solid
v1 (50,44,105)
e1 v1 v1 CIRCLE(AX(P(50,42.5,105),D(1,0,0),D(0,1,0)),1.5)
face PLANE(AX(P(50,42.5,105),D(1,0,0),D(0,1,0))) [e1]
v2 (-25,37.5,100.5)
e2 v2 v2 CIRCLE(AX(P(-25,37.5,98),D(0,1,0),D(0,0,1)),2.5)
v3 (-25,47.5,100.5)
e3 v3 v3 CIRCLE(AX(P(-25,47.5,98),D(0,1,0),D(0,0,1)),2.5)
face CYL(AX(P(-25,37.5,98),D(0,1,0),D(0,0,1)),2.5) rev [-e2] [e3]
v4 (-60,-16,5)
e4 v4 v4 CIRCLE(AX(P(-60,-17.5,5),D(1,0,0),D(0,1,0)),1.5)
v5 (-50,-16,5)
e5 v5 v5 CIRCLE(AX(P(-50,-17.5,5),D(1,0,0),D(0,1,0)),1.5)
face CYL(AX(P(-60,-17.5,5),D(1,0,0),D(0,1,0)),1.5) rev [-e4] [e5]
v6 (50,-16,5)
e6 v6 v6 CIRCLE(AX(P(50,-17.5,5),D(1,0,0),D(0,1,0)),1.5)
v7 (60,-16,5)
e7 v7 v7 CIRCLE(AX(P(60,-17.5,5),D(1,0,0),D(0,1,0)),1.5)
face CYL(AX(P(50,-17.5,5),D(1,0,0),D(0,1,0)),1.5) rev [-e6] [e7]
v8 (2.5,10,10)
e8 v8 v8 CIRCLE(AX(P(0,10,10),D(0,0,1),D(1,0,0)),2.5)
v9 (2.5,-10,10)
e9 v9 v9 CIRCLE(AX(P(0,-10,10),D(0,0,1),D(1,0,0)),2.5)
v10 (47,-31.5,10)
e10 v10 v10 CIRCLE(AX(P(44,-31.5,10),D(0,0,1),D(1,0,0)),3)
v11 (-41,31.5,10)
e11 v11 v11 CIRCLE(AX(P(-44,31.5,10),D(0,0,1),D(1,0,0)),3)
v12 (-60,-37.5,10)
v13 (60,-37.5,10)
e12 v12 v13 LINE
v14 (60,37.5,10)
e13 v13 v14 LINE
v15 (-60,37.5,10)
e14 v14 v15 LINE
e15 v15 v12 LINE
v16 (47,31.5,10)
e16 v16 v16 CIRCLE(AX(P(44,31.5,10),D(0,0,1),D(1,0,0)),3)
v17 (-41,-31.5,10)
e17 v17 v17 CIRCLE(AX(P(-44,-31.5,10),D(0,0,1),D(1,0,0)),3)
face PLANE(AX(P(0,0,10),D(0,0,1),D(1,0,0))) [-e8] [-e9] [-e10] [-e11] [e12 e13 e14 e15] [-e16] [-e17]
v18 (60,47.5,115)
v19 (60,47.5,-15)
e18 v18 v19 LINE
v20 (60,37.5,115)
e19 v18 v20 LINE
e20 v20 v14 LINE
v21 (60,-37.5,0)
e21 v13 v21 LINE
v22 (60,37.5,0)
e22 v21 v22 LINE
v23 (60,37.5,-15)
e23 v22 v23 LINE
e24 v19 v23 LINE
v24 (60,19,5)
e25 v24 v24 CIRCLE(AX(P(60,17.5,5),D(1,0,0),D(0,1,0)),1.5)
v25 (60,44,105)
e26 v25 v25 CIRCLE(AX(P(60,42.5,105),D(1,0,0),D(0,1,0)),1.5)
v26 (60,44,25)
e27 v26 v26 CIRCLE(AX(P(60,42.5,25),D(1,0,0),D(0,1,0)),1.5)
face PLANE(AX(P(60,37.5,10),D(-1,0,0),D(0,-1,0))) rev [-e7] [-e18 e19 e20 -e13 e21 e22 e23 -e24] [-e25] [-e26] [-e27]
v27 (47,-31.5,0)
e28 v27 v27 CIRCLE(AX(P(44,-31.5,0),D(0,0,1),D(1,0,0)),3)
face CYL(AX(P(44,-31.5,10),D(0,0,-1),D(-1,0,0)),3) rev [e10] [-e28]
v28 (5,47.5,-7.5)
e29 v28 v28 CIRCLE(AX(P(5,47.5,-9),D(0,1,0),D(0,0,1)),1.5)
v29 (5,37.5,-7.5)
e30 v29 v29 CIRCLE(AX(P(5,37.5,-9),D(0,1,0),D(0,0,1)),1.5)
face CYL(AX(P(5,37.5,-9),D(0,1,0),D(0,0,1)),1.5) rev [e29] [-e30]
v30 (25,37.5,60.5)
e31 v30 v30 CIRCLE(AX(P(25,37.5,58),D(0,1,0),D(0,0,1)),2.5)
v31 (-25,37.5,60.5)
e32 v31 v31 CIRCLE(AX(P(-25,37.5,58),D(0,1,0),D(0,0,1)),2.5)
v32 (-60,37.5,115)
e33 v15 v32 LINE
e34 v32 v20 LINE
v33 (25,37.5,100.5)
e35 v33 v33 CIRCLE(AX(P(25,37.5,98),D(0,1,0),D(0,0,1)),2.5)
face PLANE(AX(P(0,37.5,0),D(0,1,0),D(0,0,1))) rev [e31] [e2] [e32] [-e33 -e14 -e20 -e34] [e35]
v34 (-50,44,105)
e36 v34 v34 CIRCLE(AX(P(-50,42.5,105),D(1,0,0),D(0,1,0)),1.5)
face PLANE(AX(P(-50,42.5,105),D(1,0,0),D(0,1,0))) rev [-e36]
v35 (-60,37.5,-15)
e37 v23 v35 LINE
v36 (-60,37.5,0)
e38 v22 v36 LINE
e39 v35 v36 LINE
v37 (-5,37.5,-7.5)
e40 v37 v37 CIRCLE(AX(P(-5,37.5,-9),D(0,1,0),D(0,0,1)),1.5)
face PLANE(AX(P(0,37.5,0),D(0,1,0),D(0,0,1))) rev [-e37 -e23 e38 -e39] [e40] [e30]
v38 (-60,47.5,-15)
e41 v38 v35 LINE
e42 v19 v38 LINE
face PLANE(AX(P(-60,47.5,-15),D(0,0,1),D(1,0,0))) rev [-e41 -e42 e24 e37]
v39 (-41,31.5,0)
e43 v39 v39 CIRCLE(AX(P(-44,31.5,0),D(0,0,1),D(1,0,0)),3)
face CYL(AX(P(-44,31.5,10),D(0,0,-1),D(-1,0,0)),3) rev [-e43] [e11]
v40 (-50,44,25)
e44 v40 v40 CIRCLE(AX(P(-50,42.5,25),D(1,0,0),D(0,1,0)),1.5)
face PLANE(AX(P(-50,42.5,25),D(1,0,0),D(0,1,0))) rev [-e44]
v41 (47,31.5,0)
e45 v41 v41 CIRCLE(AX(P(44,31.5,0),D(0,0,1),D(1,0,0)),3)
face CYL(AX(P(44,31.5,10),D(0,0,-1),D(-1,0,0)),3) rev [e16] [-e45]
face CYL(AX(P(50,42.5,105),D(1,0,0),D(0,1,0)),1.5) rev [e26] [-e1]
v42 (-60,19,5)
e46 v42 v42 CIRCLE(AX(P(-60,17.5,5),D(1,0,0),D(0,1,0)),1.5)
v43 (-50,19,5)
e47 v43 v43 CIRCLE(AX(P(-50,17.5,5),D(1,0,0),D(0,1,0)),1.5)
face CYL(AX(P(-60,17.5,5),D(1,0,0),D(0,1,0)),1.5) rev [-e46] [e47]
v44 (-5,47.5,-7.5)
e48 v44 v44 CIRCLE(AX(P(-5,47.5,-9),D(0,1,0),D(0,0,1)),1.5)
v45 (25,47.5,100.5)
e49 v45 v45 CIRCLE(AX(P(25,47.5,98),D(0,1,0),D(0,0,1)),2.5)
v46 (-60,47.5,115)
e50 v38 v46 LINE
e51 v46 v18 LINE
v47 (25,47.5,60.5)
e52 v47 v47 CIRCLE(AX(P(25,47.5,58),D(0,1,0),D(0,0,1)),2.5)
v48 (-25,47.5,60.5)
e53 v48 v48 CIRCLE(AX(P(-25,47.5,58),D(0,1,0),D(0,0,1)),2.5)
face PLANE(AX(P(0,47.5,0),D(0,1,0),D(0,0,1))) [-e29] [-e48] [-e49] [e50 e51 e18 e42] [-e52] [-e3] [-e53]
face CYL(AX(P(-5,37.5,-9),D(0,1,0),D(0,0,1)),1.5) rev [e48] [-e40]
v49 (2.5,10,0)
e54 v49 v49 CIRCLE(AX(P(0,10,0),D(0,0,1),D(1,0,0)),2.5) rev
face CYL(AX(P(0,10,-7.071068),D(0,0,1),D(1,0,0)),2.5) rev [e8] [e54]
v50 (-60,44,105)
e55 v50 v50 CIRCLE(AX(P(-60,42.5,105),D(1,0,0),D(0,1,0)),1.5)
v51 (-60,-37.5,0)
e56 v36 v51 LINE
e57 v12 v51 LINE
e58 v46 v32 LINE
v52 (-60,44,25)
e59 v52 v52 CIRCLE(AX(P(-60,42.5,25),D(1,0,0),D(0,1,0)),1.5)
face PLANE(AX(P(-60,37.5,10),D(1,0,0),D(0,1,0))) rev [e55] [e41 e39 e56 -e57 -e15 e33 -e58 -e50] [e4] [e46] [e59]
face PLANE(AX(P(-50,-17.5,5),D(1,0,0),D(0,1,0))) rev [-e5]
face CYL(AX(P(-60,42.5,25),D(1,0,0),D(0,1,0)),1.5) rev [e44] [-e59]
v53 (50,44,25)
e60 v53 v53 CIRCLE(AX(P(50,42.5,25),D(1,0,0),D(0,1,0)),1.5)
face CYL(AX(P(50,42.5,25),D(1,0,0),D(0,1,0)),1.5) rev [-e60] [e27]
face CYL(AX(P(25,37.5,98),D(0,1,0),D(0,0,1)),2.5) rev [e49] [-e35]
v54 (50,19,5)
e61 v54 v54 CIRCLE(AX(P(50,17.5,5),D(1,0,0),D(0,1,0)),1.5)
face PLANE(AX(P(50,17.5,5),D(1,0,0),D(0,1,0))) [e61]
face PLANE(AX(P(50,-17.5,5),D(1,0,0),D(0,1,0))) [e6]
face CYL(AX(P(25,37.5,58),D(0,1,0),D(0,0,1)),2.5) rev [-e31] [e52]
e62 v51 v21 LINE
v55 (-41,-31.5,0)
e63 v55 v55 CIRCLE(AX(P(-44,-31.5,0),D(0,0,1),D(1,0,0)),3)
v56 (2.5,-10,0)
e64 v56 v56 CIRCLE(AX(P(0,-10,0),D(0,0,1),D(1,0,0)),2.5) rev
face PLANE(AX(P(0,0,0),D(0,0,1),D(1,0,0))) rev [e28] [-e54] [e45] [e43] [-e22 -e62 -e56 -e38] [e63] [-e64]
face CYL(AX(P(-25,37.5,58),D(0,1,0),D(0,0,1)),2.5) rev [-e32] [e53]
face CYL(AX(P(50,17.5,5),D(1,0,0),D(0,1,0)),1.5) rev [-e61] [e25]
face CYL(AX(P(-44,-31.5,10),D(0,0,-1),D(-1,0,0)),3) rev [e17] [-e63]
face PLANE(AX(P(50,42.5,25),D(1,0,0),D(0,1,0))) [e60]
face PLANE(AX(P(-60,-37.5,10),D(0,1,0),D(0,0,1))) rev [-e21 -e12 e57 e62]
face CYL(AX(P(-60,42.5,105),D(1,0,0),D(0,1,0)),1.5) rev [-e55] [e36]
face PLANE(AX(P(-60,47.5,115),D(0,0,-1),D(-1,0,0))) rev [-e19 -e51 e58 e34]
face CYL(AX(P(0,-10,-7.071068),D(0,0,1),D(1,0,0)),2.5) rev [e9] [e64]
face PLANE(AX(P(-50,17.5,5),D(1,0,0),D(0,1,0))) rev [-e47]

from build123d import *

# Parameters (mm, degrees)
SKETCH1_W           = 120
SKETCH1_H           = 75
SKETCH1_R           = 3
BOSS_EXTRUDE1_DEPTH = 10
SKETCH2_R           = 2.5
CUT_EXTRUDE1_DEPTH  = 10
SKETCH3_R           = 1.5
CUT_EXTRUDE2_DEPTH  = 10
LPATTERN1_COUNT     = 2
LPATTERN1_PITCH     = 110
SKETCH4_W           = 120
SKETCH4_H           = 130
BOSS_EXTRUDE2_DEPTH = 10
SKETCH5_R           = 1.5
CUT_EXTRUDE3_DEPTH  = 10
LPATTERN2_COUNT     = 2
LPATTERN2_PITCH     = 110
SKETCH6_R           = 2.5
CUT_EXTRUDE4_DEPTH  = 10
SKETCH7_R           = 1.5
CUT_EXTRUDE5_DEPTH  = 10


with BuildPart() as part:
    # Sketch1 → Boss-Extrude1 (new body)
    with BuildSketch(Plane.XY):
        Rectangle(SKETCH1_W, SKETCH1_H)
        with Locations((-44, 31.5)):
            Circle(SKETCH1_R, mode=Mode.SUBTRACT)
        with Locations((44, 31.5)):
            Circle(SKETCH1_R, mode=Mode.SUBTRACT)
        with Locations((-44, -31.5)):
            Circle(SKETCH1_R, mode=Mode.SUBTRACT)
        with Locations((44, -31.5)):
            Circle(SKETCH1_R, mode=Mode.SUBTRACT)
    extrude(amount=BOSS_EXTRUDE1_DEPTH)

    # Sketch2 → Cut-Extrude1 (cut)
    with BuildSketch(Plane.XY.offset(10)):
        with Locations((0, 10)):
            Circle(SKETCH2_R)
        with Locations((0, -10)):
            Circle(SKETCH2_R)
    extrude(amount=-CUT_EXTRUDE1_DEPTH, mode=Mode.SUBTRACT)

    # Sketch3 → Cut-Extrude2 (cut)
    with BuildSketch(Plane(origin=(60, 0, 0), x_dir=(0, 0, -1), z_dir=(1, 0, 0))):
        with Locations(Location((-5, 17.5, 0), (0, 0, 90))):
            Circle(SKETCH3_R)
        with Locations(Location((-5, -17.5, 0), (0, 0, 90))):
            Circle(SKETCH3_R)
    cut_extrude2 = extrude(amount=-CUT_EXTRUDE2_DEPTH, mode=Mode.SUBTRACT)

    # LPattern1: Cut-Extrude2 ×2
    with Locations(*[(-i * LPATTERN1_PITCH, 0, 0) for i in range(1, LPATTERN1_COUNT)]):
        add(cut_extrude2, mode=Mode.SUBTRACT)

    # Sketch4 → Boss-Extrude2 (add)
    with BuildSketch(Plane(origin=(0, 37.5, 0), x_dir=(1, 0, 0), z_dir=(0, 1, 0))):
        with Locations((0, -50)):
            Rectangle(SKETCH4_W, SKETCH4_H)
    extrude(amount=BOSS_EXTRUDE2_DEPTH)

    # Sketch5 → Cut-Extrude3 (cut)
    with BuildSketch(Plane(origin=(60, 0, 0), x_dir=(0, 0, -1), z_dir=(1, 0, 0))):
        with Locations(Location((-105, 42.5, 0), (0, 0, 90))):
            Circle(SKETCH5_R)
        with Locations(Location((-25, 42.5, 0), (0, 0, 90))):
            Circle(SKETCH5_R)
    cut_extrude3 = extrude(amount=-CUT_EXTRUDE3_DEPTH, mode=Mode.SUBTRACT)

    # LPattern2: Cut-Extrude3 ×2
    with Locations(*[(-i * LPATTERN2_PITCH, 0, 0) for i in range(1, LPATTERN2_COUNT)]):
        add(cut_extrude3, mode=Mode.SUBTRACT)

    # Sketch6 → Cut-Extrude4 (cut)
    with BuildSketch(Plane(origin=(0, 47.5, 0), x_dir=(1, 0, 0), z_dir=(0, 1, 0))):
        with Locations(Location((-25, -98, 0), (0, 0, 270))):
            Circle(SKETCH6_R)
        with Locations(Location((25, -98, 0), (0, 0, 270))):
            Circle(SKETCH6_R)
        with Locations(Location((-25, -58, 0), (0, 0, 270))):
            Circle(SKETCH6_R)
        with Locations(Location((25, -58, 0), (0, 0, 270))):
            Circle(SKETCH6_R)
    extrude(amount=-CUT_EXTRUDE4_DEPTH, mode=Mode.SUBTRACT)

    # Sketch7 → Cut-Extrude5 (cut)
    with BuildSketch(Plane(origin=(0, 47.5, 0), x_dir=(1, 0, 0), z_dir=(0, 1, 0))):
        with Locations(Location((-5, 9, 0), (0, 0, 270))):
            Circle(SKETCH7_R)
        with Locations(Location((5, 9, 0), (0, 0, 270))):
            Circle(SKETCH7_R)
    extrude(amount=-CUT_EXTRUDE5_DEPTH, mode=Mode.SUBTRACT)


solid = part.part
